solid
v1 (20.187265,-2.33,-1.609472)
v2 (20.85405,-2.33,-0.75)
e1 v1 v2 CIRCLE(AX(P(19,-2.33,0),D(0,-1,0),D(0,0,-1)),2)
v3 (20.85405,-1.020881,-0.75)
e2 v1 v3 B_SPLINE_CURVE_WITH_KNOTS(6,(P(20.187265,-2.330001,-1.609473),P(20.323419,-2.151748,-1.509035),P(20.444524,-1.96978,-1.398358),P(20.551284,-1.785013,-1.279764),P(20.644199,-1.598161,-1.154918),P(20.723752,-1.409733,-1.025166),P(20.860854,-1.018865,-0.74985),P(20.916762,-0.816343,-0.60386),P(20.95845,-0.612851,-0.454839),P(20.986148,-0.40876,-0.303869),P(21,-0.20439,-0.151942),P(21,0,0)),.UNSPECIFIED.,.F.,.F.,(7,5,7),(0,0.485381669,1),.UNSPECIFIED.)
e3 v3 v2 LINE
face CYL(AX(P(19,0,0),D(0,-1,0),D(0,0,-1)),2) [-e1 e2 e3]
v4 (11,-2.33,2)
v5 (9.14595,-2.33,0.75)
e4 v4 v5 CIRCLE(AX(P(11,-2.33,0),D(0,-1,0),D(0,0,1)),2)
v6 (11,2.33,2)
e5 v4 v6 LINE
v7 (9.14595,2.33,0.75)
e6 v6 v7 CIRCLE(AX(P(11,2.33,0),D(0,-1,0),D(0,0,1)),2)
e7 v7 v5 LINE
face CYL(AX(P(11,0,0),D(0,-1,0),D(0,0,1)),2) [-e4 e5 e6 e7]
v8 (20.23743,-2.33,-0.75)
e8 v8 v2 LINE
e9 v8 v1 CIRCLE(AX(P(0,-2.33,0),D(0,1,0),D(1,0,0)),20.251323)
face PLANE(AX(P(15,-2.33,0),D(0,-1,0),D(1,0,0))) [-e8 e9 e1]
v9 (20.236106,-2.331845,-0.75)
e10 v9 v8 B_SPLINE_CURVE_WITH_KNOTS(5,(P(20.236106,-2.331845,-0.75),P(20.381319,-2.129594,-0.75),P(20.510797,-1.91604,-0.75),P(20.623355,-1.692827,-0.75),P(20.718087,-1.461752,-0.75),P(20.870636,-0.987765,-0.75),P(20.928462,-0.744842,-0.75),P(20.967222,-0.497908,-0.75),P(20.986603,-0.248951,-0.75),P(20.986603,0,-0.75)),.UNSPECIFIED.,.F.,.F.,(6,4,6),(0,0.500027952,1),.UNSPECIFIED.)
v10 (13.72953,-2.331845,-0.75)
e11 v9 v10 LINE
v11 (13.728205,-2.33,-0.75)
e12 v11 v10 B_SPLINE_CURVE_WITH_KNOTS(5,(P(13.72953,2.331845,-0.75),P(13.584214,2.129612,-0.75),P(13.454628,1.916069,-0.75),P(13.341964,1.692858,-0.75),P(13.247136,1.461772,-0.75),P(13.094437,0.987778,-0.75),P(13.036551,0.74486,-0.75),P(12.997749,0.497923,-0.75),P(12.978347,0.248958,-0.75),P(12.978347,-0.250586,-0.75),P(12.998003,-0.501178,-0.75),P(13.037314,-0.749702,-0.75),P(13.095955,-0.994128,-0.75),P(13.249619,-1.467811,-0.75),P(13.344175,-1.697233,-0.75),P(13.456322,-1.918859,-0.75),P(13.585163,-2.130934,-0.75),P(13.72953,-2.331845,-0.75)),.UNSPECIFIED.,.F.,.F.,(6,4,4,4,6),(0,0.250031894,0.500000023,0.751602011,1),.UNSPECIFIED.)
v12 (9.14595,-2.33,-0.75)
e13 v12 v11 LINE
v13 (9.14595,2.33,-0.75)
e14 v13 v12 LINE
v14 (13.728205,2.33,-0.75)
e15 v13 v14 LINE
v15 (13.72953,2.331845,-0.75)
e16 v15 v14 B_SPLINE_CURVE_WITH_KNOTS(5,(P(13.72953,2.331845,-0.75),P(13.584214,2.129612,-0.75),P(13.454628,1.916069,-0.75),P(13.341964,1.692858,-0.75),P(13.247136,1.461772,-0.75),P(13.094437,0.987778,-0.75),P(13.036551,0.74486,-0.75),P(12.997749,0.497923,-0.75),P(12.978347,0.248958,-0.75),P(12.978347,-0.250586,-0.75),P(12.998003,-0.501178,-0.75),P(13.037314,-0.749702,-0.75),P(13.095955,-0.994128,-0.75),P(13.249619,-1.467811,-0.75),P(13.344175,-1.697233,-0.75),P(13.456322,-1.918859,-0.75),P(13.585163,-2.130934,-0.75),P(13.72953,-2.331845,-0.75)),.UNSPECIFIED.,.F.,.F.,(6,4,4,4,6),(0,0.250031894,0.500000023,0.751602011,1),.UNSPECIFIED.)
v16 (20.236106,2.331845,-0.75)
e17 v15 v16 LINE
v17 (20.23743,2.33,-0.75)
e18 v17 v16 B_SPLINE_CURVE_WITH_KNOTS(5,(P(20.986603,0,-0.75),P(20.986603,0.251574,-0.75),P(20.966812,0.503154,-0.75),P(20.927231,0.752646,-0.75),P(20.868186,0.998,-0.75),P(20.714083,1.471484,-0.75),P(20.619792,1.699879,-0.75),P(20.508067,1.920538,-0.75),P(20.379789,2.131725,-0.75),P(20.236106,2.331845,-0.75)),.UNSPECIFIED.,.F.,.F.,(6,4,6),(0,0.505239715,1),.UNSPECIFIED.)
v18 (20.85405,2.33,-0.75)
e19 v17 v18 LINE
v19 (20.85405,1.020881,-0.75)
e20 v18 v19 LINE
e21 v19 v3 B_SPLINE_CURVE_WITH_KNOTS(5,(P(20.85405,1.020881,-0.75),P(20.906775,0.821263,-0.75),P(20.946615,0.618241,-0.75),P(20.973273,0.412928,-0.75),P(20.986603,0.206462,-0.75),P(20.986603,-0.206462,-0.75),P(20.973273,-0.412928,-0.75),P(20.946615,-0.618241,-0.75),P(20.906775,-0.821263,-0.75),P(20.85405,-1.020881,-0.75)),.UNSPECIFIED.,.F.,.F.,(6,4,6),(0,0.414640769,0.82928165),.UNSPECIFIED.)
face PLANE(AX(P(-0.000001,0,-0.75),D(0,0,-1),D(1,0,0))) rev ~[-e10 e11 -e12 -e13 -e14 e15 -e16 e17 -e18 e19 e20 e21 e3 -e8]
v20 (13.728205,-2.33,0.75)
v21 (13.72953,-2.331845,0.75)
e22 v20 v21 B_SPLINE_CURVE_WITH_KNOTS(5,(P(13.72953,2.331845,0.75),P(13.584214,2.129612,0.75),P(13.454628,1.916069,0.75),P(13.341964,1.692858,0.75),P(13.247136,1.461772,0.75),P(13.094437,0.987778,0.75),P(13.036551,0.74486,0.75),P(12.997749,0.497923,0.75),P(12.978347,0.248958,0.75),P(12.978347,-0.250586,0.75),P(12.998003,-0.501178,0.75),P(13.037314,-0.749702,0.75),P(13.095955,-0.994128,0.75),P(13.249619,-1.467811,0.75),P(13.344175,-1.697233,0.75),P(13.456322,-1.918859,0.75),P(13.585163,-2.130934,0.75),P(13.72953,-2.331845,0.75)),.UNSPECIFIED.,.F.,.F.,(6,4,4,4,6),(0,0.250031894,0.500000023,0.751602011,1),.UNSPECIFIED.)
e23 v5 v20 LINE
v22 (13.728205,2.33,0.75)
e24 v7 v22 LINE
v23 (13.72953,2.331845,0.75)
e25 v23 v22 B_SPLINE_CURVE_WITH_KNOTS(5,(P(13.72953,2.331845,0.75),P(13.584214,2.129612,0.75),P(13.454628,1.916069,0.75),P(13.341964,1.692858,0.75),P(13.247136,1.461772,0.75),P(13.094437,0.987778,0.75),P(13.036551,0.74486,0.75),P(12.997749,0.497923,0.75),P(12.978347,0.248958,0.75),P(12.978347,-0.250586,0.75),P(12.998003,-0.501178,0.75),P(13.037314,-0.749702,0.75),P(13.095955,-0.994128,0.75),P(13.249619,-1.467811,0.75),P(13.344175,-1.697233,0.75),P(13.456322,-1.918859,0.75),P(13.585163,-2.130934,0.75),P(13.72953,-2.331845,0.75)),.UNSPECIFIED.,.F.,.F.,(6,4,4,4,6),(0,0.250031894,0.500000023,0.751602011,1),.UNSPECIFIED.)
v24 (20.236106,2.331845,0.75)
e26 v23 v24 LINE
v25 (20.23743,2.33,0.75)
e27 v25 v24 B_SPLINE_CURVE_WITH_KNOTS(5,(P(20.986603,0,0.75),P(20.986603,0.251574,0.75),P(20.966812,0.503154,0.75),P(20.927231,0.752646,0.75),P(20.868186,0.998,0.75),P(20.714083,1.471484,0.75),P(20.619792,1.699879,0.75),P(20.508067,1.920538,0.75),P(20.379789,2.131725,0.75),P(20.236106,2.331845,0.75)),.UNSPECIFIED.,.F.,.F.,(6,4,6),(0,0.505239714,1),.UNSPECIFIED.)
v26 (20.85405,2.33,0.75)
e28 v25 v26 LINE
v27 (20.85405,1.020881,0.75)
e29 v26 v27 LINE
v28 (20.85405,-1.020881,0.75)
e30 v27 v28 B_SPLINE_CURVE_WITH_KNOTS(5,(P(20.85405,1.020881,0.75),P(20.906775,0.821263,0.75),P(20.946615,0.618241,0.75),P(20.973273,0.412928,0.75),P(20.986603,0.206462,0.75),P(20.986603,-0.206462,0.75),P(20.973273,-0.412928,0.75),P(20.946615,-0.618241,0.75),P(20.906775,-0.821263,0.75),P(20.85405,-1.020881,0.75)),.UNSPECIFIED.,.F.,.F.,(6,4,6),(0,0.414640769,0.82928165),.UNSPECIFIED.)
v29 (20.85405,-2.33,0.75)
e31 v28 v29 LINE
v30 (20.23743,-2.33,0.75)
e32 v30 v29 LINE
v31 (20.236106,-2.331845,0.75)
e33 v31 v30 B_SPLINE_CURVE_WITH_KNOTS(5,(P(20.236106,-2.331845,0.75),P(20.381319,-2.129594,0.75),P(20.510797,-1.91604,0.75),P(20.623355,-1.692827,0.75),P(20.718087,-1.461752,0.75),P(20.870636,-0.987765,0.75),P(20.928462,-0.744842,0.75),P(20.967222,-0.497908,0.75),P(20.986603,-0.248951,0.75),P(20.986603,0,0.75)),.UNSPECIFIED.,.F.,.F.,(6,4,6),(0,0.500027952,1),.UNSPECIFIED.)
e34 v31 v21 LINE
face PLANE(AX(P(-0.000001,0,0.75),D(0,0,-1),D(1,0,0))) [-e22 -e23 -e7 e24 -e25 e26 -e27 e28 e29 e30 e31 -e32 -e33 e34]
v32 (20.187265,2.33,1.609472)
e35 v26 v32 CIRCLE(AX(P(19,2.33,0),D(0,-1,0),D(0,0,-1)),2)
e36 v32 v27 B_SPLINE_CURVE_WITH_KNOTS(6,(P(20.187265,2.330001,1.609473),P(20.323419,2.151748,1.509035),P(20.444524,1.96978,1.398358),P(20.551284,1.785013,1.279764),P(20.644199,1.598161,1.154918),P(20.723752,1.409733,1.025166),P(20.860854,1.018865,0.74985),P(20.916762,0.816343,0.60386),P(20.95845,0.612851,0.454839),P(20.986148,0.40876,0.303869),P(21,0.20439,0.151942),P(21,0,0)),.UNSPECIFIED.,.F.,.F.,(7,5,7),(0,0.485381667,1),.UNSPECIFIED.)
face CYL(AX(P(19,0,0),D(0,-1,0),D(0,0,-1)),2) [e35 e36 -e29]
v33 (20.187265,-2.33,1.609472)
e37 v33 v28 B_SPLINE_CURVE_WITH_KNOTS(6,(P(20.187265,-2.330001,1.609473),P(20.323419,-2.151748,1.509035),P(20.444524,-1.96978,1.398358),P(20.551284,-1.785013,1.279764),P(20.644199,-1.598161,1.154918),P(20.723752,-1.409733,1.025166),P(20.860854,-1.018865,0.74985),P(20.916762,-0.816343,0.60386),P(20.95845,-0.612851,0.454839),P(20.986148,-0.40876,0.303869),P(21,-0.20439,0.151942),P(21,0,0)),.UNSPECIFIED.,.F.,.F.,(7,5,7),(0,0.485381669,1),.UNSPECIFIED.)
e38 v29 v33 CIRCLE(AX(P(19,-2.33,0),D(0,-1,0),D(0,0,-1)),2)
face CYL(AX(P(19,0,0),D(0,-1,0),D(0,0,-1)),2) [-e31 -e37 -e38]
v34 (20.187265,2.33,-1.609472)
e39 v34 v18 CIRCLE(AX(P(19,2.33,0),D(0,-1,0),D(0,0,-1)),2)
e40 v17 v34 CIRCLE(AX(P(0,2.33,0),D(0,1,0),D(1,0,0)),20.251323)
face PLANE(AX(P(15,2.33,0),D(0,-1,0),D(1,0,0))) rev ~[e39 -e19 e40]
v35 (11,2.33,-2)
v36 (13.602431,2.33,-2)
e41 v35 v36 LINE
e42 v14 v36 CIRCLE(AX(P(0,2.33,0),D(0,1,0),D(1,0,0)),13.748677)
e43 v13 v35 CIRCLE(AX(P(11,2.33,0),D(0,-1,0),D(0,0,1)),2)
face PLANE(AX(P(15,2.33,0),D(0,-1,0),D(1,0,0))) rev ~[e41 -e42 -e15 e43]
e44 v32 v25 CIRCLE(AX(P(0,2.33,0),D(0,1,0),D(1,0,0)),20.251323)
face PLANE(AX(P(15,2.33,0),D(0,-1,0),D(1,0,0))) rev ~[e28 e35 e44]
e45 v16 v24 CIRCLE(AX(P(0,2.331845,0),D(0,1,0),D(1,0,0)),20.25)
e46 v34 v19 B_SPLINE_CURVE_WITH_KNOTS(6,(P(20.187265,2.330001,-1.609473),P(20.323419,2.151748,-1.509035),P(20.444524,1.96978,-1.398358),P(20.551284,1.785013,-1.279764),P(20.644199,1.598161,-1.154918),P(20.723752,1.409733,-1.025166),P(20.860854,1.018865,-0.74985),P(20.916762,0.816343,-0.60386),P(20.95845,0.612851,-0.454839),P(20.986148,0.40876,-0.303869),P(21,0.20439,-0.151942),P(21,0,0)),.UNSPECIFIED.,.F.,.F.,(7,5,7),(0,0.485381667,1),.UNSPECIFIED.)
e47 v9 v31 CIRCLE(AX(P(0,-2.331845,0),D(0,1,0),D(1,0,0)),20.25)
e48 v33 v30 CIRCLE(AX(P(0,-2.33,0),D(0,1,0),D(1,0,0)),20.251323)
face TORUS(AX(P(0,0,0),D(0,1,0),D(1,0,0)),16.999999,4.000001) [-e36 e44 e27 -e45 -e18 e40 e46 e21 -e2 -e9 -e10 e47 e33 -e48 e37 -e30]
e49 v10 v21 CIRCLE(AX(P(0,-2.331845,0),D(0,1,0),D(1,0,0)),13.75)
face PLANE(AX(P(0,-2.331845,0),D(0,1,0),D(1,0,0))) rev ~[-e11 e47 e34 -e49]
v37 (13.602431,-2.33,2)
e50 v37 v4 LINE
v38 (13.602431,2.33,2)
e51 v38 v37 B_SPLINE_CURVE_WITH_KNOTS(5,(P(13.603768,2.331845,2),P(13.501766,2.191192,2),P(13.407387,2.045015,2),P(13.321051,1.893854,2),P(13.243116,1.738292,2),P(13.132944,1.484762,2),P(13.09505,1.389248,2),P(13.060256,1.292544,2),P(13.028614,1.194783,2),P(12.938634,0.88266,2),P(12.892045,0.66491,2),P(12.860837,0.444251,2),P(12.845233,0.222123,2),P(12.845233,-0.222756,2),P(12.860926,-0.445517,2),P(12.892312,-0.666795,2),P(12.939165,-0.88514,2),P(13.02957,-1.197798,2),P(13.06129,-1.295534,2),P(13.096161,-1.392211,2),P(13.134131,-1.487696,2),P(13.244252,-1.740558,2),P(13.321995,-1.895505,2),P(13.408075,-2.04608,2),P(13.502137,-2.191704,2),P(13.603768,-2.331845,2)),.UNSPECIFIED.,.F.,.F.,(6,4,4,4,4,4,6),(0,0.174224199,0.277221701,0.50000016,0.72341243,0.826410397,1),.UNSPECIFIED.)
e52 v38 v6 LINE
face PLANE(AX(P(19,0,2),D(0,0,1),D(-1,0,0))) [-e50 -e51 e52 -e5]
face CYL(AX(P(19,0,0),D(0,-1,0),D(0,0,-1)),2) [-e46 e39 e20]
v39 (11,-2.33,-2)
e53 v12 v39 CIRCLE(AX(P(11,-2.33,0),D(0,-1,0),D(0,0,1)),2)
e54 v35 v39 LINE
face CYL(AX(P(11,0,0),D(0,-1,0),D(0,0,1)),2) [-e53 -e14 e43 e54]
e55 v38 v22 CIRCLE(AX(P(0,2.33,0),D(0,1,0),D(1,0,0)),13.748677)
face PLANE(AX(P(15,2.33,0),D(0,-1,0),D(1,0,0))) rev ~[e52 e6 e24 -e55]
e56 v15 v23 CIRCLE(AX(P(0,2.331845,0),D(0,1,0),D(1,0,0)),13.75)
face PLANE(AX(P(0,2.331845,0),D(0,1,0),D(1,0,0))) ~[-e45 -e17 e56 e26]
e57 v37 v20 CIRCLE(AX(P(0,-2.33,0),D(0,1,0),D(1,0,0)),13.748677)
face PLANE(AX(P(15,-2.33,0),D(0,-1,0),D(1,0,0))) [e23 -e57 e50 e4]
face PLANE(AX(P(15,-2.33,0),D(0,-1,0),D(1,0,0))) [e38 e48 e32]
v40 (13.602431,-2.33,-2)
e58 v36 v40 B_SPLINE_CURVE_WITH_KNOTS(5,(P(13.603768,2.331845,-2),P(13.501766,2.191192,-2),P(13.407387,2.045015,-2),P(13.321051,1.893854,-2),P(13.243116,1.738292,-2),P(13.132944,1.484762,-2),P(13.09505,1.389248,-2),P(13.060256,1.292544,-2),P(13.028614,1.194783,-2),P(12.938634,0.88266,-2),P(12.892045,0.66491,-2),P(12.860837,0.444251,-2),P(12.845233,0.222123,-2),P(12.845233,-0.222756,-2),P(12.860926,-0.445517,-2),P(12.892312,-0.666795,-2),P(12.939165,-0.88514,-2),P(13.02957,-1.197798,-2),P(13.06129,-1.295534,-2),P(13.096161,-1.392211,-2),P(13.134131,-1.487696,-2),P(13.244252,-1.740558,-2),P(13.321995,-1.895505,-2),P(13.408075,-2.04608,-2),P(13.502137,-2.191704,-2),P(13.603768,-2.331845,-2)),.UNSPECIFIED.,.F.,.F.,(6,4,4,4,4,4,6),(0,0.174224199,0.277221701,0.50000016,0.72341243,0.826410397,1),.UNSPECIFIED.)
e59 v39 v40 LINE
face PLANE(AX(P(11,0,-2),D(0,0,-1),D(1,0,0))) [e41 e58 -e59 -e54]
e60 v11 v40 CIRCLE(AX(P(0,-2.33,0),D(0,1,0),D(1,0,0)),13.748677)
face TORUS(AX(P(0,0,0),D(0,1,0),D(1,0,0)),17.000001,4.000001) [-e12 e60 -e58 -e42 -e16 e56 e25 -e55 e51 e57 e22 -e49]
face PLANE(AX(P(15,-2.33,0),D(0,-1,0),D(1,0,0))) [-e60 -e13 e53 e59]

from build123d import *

# Parameters (mm, degrees)
PAD_DEPTH    = 2.33
SKETCH002_W  = 21.853373
SKETCH002_H  = 1.5
POCKET_DEPTH = 2.5


with BuildPart() as part:
    # Sketch → Revolution (revolve)
    with BuildSketch(Plane.XY):
        with BuildLine():
            ThreePointArc((20.25, -2.331845), (21, 0), (20.25, 2.331845))
            Line((13.75, 2.331845), (20.25, 2.331845))
            ThreePointArc((13.75, 2.331845), (13, 0), (13.75, -2.331845))
            Line((20.25, -2.331845), (13.75, -2.331845))
        make_face()
    revolve(axis=Axis((0, 0, 0), (0, 1, 0)))

    # Sketch001 → Pad (new body, symmetric)
    with BuildSketch(Plane.XZ):
        with BuildLine():
            ThreePointArc((11, 2), (9, 0), (11, -2))
            Line((11, -2), (19, -2))
            ThreePointArc((19, -2), (21, 0), (19, 2))
            Line((19, 2), (11, 2))
        make_face()
    extrude(amount=PAD_DEPTH, both=True)

    # Sketch002 → Pocket (cut, symmetric)
    with BuildSketch(Plane.XZ):
        with Locations((10.926686, 0)):
            Rectangle(SKETCH002_W, SKETCH002_H)
    extrude(amount=POCKET_DEPTH, both=True, mode=Mode.SUBTRACT)


solid = part.part
